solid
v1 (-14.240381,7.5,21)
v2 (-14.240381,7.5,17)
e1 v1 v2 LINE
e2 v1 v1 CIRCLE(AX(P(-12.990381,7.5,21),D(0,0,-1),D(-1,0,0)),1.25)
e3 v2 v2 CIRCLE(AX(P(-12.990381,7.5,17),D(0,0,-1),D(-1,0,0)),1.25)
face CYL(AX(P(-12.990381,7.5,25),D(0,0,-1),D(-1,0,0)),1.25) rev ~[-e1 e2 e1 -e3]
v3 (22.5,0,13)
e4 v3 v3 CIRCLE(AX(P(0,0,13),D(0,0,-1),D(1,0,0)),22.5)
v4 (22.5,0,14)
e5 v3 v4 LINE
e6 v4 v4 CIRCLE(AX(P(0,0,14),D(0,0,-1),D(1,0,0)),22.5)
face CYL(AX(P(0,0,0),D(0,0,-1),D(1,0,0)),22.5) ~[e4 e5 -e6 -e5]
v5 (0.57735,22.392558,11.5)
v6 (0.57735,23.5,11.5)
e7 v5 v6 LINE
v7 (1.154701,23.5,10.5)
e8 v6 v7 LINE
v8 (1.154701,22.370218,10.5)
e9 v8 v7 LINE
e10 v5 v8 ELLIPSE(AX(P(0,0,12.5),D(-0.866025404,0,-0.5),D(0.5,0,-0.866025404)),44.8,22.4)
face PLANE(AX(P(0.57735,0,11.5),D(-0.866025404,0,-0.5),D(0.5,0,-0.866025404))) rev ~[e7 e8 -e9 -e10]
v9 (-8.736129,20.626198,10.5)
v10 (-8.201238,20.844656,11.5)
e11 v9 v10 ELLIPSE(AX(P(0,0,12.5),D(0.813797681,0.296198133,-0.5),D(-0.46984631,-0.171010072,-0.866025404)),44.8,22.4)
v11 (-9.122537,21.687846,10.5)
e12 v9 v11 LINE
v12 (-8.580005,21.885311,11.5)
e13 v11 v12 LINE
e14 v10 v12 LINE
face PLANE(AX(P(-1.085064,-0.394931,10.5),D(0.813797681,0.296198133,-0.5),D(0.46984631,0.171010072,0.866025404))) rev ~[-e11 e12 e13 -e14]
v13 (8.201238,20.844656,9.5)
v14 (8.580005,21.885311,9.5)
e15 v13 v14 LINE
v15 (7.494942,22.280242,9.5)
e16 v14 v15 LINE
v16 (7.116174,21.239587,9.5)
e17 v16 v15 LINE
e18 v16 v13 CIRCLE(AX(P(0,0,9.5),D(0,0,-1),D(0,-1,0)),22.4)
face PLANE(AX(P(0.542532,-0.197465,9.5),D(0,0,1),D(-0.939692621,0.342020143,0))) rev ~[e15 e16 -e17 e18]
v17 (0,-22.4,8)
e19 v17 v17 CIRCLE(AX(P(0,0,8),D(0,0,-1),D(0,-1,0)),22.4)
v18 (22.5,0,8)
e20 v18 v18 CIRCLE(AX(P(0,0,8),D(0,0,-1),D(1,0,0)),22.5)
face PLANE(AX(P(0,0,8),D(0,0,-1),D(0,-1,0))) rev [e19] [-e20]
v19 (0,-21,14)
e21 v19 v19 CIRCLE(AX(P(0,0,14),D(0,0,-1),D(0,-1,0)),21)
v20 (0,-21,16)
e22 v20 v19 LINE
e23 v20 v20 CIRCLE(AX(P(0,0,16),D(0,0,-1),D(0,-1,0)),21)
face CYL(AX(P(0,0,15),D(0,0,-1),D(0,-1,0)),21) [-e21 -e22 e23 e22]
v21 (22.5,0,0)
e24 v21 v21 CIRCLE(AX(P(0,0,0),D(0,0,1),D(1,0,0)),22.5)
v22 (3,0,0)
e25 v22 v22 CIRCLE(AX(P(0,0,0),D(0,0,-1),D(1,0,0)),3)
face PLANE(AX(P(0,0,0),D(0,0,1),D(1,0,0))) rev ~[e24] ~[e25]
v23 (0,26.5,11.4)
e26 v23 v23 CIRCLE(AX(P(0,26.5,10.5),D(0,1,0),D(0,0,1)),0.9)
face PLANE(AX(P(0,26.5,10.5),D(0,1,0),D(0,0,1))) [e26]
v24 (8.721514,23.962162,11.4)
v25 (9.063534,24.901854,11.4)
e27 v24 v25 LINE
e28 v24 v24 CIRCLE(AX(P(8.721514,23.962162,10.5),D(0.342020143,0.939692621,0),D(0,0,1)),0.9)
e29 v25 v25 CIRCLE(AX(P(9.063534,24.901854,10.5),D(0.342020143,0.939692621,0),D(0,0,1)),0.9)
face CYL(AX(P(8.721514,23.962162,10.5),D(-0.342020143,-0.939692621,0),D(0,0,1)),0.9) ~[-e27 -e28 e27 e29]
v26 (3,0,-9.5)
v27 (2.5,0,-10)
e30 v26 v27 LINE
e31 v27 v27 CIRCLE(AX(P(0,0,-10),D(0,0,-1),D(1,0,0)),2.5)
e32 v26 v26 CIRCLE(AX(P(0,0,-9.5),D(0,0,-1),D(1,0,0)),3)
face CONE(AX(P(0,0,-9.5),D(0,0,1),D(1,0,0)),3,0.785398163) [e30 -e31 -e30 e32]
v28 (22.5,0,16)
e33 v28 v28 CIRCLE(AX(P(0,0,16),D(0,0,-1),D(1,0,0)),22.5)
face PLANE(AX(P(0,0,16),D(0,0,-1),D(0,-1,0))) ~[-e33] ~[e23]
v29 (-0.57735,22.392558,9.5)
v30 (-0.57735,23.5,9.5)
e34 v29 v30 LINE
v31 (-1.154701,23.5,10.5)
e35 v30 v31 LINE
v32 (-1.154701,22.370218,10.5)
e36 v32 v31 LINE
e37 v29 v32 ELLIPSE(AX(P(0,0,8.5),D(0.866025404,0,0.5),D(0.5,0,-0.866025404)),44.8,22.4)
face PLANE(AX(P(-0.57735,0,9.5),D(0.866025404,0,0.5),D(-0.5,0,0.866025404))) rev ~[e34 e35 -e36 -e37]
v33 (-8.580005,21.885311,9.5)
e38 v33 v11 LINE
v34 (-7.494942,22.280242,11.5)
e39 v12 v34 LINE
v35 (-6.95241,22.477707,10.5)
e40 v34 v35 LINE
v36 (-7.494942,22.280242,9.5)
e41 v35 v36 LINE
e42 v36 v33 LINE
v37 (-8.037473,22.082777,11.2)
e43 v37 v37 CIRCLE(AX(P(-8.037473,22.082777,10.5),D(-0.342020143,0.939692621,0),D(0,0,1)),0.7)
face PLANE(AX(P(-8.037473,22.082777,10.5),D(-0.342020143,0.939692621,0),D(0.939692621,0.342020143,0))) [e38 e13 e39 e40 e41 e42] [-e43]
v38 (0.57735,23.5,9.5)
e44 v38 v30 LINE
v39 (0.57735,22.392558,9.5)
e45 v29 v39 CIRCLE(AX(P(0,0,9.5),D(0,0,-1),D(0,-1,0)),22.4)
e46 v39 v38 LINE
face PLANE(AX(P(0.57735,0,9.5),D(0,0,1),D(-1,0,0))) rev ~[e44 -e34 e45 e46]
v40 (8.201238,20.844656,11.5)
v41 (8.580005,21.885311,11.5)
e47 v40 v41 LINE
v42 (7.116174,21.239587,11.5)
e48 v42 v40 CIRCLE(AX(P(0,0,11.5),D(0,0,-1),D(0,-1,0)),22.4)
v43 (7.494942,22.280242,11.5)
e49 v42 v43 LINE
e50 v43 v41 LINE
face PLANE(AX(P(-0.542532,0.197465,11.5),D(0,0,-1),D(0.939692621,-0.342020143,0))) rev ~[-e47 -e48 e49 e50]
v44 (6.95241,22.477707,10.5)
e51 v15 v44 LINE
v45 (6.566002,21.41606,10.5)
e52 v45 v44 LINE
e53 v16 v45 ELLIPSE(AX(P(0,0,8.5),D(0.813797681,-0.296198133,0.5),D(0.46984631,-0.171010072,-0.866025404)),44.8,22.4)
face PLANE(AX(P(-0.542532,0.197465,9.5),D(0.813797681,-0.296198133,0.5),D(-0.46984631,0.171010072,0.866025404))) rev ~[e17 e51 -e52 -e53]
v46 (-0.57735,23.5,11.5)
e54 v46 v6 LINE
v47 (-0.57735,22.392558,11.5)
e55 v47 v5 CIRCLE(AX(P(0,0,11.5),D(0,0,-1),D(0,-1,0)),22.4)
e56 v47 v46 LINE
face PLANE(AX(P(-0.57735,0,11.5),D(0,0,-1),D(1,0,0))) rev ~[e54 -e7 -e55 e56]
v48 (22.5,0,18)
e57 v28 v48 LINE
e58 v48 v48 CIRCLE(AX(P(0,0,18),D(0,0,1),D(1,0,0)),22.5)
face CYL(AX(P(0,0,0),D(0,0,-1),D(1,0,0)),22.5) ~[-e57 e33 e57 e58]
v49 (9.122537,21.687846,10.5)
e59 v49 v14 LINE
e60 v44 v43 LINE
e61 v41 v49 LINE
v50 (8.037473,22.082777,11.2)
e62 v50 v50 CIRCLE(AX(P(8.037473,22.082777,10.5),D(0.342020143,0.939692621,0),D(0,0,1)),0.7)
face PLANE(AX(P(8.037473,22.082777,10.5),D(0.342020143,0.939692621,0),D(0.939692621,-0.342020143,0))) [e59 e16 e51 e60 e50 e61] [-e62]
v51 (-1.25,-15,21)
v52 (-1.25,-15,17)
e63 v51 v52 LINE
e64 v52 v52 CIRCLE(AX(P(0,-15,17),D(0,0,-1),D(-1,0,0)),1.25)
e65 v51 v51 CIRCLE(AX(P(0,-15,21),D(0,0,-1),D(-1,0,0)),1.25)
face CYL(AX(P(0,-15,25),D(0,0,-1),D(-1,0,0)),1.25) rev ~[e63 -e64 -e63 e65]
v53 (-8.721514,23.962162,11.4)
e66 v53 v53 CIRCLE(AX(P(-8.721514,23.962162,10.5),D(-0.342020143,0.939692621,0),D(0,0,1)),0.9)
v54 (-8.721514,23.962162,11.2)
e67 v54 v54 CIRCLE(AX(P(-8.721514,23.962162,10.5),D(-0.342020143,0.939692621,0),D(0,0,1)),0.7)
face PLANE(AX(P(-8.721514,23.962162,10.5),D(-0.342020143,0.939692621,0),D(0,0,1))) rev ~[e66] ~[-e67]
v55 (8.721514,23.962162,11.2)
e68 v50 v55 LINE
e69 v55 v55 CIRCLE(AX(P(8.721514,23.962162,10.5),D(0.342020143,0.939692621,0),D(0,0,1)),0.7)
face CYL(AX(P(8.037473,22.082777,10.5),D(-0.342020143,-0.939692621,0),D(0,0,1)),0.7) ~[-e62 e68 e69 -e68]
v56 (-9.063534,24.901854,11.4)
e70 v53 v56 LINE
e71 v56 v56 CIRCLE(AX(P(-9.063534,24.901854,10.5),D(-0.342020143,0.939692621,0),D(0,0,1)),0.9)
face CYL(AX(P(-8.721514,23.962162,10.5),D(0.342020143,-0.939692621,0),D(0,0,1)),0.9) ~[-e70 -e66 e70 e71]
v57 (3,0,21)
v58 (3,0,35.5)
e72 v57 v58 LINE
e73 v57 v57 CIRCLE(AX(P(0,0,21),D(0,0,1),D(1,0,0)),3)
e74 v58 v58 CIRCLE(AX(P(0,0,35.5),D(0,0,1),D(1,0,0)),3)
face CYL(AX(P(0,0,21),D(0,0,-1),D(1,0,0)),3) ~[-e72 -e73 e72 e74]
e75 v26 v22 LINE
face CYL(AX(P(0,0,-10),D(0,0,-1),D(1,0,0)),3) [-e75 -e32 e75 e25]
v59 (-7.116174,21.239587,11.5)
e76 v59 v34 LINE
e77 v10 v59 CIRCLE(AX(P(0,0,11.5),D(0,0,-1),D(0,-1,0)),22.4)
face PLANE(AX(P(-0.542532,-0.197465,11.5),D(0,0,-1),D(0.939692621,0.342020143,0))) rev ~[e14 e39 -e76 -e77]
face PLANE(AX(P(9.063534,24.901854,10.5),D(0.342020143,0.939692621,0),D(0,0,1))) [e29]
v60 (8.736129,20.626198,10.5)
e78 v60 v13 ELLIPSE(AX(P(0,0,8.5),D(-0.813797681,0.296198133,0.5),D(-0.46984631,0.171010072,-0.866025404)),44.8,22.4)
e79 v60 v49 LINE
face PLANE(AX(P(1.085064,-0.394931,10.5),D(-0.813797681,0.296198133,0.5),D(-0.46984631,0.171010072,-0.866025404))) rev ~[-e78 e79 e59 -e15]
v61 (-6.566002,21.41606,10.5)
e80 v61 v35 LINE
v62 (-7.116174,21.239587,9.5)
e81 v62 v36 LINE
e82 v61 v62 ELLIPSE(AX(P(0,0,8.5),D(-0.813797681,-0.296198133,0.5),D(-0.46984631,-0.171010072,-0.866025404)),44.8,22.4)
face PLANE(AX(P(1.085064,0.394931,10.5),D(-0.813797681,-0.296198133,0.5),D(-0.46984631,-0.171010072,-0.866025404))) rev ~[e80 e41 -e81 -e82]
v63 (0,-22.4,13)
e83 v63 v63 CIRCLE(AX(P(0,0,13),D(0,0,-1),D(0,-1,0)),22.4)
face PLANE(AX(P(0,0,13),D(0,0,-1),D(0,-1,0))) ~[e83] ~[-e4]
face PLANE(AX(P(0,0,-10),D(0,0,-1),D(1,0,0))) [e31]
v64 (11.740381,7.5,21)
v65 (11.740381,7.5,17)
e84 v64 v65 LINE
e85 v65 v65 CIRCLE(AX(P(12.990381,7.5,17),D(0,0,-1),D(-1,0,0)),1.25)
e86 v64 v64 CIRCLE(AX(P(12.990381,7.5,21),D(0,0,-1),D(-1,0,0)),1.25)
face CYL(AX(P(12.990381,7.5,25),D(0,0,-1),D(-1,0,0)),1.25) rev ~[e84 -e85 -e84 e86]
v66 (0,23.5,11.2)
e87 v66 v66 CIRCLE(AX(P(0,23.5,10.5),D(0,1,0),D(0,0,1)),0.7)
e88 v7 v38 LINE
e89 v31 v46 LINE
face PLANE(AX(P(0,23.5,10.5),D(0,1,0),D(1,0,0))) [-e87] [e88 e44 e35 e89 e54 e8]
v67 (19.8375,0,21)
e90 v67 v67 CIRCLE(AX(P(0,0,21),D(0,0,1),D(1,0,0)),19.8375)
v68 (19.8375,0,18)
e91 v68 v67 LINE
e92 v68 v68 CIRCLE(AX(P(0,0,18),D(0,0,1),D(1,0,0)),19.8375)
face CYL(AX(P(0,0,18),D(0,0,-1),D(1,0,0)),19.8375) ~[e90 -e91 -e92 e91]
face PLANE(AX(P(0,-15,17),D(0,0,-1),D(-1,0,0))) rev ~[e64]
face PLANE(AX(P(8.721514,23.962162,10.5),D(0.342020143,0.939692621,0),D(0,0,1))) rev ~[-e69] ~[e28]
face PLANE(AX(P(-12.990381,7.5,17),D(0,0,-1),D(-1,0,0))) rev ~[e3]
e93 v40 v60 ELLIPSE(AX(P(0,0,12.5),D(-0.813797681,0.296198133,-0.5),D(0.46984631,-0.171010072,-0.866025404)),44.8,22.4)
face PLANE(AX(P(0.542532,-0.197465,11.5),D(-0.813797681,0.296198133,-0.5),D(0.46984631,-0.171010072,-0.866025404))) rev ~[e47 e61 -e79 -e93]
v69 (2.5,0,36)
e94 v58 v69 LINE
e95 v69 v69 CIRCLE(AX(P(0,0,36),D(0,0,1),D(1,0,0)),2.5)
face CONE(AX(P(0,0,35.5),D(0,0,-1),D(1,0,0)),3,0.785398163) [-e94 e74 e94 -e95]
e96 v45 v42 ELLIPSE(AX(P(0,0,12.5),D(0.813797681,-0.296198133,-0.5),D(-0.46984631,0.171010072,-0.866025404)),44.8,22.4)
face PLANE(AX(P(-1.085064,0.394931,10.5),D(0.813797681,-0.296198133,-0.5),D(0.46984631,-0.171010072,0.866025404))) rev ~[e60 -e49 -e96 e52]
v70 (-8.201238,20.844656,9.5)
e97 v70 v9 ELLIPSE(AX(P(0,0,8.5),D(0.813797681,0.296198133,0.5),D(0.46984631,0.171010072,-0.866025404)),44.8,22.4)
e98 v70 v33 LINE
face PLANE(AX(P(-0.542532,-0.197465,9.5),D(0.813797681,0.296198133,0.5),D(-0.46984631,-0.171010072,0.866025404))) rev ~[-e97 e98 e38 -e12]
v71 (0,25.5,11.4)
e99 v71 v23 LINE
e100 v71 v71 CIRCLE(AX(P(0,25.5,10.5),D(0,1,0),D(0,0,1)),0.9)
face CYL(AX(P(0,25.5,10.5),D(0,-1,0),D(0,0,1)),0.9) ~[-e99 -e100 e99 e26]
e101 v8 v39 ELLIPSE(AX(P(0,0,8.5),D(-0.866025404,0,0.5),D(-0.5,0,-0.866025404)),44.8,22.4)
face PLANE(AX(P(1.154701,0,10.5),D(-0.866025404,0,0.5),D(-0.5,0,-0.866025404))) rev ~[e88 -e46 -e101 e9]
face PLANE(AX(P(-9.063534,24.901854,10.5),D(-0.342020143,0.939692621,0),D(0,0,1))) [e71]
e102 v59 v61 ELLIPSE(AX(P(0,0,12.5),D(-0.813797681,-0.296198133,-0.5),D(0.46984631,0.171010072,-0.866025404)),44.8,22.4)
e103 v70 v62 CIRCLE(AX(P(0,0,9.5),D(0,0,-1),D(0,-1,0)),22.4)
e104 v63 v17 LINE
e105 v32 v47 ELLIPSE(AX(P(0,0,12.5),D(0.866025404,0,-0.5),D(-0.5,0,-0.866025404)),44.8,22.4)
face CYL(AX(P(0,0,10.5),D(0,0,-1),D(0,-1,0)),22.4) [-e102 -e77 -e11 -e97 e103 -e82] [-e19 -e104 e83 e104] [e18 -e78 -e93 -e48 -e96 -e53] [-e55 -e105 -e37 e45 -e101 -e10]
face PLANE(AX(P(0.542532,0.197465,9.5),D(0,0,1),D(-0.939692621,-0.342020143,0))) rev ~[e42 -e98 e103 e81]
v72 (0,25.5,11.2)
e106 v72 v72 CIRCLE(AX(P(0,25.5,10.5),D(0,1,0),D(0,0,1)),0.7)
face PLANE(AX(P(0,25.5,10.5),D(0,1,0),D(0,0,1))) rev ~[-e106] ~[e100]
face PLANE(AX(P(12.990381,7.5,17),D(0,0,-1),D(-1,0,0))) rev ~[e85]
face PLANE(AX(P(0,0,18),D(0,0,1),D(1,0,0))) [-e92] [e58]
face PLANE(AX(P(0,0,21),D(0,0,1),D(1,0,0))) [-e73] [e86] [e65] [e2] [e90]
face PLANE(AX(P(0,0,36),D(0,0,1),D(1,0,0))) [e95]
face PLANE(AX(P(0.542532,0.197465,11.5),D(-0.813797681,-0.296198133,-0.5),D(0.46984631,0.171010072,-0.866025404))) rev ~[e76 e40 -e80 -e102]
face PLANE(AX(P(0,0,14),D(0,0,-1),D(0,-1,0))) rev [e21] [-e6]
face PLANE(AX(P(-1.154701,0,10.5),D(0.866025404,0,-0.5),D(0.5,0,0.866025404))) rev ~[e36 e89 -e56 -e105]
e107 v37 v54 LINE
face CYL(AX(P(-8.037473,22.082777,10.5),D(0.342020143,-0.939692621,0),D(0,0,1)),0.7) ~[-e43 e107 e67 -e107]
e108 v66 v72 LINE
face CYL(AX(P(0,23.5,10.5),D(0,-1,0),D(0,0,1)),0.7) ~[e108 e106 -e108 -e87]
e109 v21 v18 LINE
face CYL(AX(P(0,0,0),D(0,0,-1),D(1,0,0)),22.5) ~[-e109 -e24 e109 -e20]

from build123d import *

# Parameters (mm, degrees)
SKETCH1_R                       = 22.5
BOSS_EXTRUDE1_DEPTH             = 18
SKETCH2_W                       = 2
SKETCH2_H                       = 1.5
SKETCH2_W_2                     = 5
SKETCH2_H_2                     = 0.1
SKETCH3_R                       = 19.8375
BOSS_EXTRUDE2_DEPTH             = 3
SKETCH4_R                       = 3
BOSS_EXTRUDE3_DEPTH             = 15
BOSS_EXTRUDE4_START             = 10
SKETCH5_R                       = 3
BOSS_EXTRUDE4_DEPTH             = 10
CHAMFER1_SIZE                   = 0.5
M3X0_5_TAPPED_HOLE1_D           = 2.5
M3X0_5_TAPPED_HOLE1_DEPTH       = 4
BOSS_EXTRUDE5_DEPTH             = 23.5
SKETCH11_R                      = 0.7
BOSS_EXTRUDE6_DEPTH             = 2
SKETCH12_R                      = 0.9
BOSS_EXTRUDE7_DEPTH             = 1
CIRPATTERN1_COUNT               = 2
CIRPATTERN1_ANGLE               = 20
CIRPATTERN1_THE_OTHER_WAY_COUNT = 2
CIRPATTERN1_THE_OTHER_WAY_ANGLE = 20


with BuildPart() as part:
    # Sketch1 → Boss-Extrude1 (new body)
    with BuildSketch(Plane.XY):
        Circle(SKETCH1_R)
    extrude(amount=BOSS_EXTRUDE1_DEPTH)

    # Sketch2 → Cut-Revolve1 (revolve, cut)
    with BuildSketch(Plane(origin=(0, 0, 0), x_dir=(0, 0, -1), z_dir=(1, 0, 0)), mode=Mode.PRIVATE) as cut_revolve1_sk:
        with Locations((-15, 21.75)):
            Rectangle(SKETCH2_W, SKETCH2_H)
        with Locations((-10.5, 22.45)):
            Rectangle(SKETCH2_W_2, SKETCH2_H_2)
    revolve(cut_revolve1_sk.sketch.rotate(Axis((0, 0, 18), (0, 0, -1)), 180), axis=Axis((0, 0, 18), (0, 0, -1)), mode=Mode.SUBTRACT)

    # Sketch3 → Boss-Extrude2 (add)
    with BuildSketch(Plane.XY.offset(18)):
        Circle(SKETCH3_R)
    extrude(amount=BOSS_EXTRUDE2_DEPTH)

    # Sketch4 → Boss-Extrude3 (add)
    with BuildSketch(Plane.XY.offset(21)):
        Circle(SKETCH4_R)
    extrude(amount=BOSS_EXTRUDE3_DEPTH)

    # Sketch5 → Boss-Extrude4 (add)
    with BuildSketch(Plane(origin=(0, 0, 0), x_dir=(-1, 0, 0), z_dir=(0, 0, -1)).offset(BOSS_EXTRUDE4_START)):
        with Locations(Location((0, 0, 0), (0, 0, 180))):
            Circle(SKETCH5_R)
    extrude(amount=-BOSS_EXTRUDE4_DEPTH)

    # Chamfer1
    chamfer1_edges = [part.edges().sort_by_distance(p)[0] for p in [
        (-3, 0, 36),
        (-3, 0, -10),
    ]]
    chamfer(chamfer1_edges, length=CHAMFER1_SIZE)

    # M3x0.5 Tapped Hole1
    with Locations(Plane.XY.offset(21)):
        with Locations((12.990381057, 7.5), (0, -15), (-12.990381057, 7.5)):
            Hole(M3X0_5_TAPPED_HOLE1_D / 2, depth=M3X0_5_TAPPED_HOLE1_DEPTH)

    # Sketch10 → Boss-Extrude5 (add)
    with BuildSketch(Plane(origin=(0, 0, 0), x_dir=(1, 0, 0), z_dir=(0, 1, 0))):
        Polygon((1.154700538, -10.5), (0.577350269, -9.5), (-0.577350269, -9.5), (-1.154700538, -10.5), (-0.577350269, -11.5), (0.577350269, -11.5), align=None)
    boss_extrude5 = extrude(amount=BOSS_EXTRUDE5_DEPTH)

    # Sketch11 → Boss-Extrude6 (add)
    with BuildSketch(Plane(origin=(0, 23.5, 0), x_dir=(1, 0, 0), z_dir=(0, 1, 0))):
        with Locations(Location((0, -10.5, 0), (0, 0, 270))):
            Circle(SKETCH11_R)
    boss_extrude6 = extrude(amount=BOSS_EXTRUDE6_DEPTH)

    # Sketch12 → Boss-Extrude7 (add)
    with BuildSketch(Plane(origin=(0, 25.5, 0), x_dir=(1, 0, 0), z_dir=(0, 1, 0))):
        with Locations(Location((0, -10.5, 0), (0, 0, 270))):
            Circle(SKETCH12_R)
    boss_extrude7 = extrude(amount=BOSS_EXTRUDE7_DEPTH)

    # CirPattern1: Boss-Extrude5, Boss-Extrude6, Boss-Extrude7 ×2 about axis
    cirpattern1_axis = Axis((0, 0, 0), (0, 0, 1))
    add([boss_extrude5.rotate(cirpattern1_axis, i * CIRPATTERN1_ANGLE / (CIRPATTERN1_COUNT - 1)) for i in range(1, CIRPATTERN1_COUNT)])
    add([boss_extrude6.rotate(cirpattern1_axis, i * CIRPATTERN1_ANGLE / (CIRPATTERN1_COUNT - 1)) for i in range(1, CIRPATTERN1_COUNT)])
    add([boss_extrude7.rotate(cirpattern1_axis, i * CIRPATTERN1_ANGLE / (CIRPATTERN1_COUNT - 1)) for i in range(1, CIRPATTERN1_COUNT)])

    # CirPattern1 the other way: Boss-Extrude5, Boss-Extrude6, Boss-Extrude7 ×2 about axis
    cirpattern1_the_other_way_axis = Axis((0, 0, 0), (0, 0, -1))
    add([boss_extrude5.rotate(cirpattern1_the_other_way_axis, i * CIRPATTERN1_THE_OTHER_WAY_ANGLE / (CIRPATTERN1_THE_OTHER_WAY_COUNT - 1)) for i in range(1, CIRPATTERN1_THE_OTHER_WAY_COUNT)])
    add([boss_extrude6.rotate(cirpattern1_the_other_way_axis, i * CIRPATTERN1_THE_OTHER_WAY_ANGLE / (CIRPATTERN1_THE_OTHER_WAY_COUNT - 1)) for i in range(1, CIRPATTERN1_THE_OTHER_WAY_COUNT)])
    add([boss_extrude7.rotate(cirpattern1_the_other_way_axis, i * CIRPATTERN1_THE_OTHER_WAY_ANGLE / (CIRPATTERN1_THE_OTHER_WAY_COUNT - 1)) for i in range(1, CIRPATTERN1_THE_OTHER_WAY_COUNT)])


solid = part.part
